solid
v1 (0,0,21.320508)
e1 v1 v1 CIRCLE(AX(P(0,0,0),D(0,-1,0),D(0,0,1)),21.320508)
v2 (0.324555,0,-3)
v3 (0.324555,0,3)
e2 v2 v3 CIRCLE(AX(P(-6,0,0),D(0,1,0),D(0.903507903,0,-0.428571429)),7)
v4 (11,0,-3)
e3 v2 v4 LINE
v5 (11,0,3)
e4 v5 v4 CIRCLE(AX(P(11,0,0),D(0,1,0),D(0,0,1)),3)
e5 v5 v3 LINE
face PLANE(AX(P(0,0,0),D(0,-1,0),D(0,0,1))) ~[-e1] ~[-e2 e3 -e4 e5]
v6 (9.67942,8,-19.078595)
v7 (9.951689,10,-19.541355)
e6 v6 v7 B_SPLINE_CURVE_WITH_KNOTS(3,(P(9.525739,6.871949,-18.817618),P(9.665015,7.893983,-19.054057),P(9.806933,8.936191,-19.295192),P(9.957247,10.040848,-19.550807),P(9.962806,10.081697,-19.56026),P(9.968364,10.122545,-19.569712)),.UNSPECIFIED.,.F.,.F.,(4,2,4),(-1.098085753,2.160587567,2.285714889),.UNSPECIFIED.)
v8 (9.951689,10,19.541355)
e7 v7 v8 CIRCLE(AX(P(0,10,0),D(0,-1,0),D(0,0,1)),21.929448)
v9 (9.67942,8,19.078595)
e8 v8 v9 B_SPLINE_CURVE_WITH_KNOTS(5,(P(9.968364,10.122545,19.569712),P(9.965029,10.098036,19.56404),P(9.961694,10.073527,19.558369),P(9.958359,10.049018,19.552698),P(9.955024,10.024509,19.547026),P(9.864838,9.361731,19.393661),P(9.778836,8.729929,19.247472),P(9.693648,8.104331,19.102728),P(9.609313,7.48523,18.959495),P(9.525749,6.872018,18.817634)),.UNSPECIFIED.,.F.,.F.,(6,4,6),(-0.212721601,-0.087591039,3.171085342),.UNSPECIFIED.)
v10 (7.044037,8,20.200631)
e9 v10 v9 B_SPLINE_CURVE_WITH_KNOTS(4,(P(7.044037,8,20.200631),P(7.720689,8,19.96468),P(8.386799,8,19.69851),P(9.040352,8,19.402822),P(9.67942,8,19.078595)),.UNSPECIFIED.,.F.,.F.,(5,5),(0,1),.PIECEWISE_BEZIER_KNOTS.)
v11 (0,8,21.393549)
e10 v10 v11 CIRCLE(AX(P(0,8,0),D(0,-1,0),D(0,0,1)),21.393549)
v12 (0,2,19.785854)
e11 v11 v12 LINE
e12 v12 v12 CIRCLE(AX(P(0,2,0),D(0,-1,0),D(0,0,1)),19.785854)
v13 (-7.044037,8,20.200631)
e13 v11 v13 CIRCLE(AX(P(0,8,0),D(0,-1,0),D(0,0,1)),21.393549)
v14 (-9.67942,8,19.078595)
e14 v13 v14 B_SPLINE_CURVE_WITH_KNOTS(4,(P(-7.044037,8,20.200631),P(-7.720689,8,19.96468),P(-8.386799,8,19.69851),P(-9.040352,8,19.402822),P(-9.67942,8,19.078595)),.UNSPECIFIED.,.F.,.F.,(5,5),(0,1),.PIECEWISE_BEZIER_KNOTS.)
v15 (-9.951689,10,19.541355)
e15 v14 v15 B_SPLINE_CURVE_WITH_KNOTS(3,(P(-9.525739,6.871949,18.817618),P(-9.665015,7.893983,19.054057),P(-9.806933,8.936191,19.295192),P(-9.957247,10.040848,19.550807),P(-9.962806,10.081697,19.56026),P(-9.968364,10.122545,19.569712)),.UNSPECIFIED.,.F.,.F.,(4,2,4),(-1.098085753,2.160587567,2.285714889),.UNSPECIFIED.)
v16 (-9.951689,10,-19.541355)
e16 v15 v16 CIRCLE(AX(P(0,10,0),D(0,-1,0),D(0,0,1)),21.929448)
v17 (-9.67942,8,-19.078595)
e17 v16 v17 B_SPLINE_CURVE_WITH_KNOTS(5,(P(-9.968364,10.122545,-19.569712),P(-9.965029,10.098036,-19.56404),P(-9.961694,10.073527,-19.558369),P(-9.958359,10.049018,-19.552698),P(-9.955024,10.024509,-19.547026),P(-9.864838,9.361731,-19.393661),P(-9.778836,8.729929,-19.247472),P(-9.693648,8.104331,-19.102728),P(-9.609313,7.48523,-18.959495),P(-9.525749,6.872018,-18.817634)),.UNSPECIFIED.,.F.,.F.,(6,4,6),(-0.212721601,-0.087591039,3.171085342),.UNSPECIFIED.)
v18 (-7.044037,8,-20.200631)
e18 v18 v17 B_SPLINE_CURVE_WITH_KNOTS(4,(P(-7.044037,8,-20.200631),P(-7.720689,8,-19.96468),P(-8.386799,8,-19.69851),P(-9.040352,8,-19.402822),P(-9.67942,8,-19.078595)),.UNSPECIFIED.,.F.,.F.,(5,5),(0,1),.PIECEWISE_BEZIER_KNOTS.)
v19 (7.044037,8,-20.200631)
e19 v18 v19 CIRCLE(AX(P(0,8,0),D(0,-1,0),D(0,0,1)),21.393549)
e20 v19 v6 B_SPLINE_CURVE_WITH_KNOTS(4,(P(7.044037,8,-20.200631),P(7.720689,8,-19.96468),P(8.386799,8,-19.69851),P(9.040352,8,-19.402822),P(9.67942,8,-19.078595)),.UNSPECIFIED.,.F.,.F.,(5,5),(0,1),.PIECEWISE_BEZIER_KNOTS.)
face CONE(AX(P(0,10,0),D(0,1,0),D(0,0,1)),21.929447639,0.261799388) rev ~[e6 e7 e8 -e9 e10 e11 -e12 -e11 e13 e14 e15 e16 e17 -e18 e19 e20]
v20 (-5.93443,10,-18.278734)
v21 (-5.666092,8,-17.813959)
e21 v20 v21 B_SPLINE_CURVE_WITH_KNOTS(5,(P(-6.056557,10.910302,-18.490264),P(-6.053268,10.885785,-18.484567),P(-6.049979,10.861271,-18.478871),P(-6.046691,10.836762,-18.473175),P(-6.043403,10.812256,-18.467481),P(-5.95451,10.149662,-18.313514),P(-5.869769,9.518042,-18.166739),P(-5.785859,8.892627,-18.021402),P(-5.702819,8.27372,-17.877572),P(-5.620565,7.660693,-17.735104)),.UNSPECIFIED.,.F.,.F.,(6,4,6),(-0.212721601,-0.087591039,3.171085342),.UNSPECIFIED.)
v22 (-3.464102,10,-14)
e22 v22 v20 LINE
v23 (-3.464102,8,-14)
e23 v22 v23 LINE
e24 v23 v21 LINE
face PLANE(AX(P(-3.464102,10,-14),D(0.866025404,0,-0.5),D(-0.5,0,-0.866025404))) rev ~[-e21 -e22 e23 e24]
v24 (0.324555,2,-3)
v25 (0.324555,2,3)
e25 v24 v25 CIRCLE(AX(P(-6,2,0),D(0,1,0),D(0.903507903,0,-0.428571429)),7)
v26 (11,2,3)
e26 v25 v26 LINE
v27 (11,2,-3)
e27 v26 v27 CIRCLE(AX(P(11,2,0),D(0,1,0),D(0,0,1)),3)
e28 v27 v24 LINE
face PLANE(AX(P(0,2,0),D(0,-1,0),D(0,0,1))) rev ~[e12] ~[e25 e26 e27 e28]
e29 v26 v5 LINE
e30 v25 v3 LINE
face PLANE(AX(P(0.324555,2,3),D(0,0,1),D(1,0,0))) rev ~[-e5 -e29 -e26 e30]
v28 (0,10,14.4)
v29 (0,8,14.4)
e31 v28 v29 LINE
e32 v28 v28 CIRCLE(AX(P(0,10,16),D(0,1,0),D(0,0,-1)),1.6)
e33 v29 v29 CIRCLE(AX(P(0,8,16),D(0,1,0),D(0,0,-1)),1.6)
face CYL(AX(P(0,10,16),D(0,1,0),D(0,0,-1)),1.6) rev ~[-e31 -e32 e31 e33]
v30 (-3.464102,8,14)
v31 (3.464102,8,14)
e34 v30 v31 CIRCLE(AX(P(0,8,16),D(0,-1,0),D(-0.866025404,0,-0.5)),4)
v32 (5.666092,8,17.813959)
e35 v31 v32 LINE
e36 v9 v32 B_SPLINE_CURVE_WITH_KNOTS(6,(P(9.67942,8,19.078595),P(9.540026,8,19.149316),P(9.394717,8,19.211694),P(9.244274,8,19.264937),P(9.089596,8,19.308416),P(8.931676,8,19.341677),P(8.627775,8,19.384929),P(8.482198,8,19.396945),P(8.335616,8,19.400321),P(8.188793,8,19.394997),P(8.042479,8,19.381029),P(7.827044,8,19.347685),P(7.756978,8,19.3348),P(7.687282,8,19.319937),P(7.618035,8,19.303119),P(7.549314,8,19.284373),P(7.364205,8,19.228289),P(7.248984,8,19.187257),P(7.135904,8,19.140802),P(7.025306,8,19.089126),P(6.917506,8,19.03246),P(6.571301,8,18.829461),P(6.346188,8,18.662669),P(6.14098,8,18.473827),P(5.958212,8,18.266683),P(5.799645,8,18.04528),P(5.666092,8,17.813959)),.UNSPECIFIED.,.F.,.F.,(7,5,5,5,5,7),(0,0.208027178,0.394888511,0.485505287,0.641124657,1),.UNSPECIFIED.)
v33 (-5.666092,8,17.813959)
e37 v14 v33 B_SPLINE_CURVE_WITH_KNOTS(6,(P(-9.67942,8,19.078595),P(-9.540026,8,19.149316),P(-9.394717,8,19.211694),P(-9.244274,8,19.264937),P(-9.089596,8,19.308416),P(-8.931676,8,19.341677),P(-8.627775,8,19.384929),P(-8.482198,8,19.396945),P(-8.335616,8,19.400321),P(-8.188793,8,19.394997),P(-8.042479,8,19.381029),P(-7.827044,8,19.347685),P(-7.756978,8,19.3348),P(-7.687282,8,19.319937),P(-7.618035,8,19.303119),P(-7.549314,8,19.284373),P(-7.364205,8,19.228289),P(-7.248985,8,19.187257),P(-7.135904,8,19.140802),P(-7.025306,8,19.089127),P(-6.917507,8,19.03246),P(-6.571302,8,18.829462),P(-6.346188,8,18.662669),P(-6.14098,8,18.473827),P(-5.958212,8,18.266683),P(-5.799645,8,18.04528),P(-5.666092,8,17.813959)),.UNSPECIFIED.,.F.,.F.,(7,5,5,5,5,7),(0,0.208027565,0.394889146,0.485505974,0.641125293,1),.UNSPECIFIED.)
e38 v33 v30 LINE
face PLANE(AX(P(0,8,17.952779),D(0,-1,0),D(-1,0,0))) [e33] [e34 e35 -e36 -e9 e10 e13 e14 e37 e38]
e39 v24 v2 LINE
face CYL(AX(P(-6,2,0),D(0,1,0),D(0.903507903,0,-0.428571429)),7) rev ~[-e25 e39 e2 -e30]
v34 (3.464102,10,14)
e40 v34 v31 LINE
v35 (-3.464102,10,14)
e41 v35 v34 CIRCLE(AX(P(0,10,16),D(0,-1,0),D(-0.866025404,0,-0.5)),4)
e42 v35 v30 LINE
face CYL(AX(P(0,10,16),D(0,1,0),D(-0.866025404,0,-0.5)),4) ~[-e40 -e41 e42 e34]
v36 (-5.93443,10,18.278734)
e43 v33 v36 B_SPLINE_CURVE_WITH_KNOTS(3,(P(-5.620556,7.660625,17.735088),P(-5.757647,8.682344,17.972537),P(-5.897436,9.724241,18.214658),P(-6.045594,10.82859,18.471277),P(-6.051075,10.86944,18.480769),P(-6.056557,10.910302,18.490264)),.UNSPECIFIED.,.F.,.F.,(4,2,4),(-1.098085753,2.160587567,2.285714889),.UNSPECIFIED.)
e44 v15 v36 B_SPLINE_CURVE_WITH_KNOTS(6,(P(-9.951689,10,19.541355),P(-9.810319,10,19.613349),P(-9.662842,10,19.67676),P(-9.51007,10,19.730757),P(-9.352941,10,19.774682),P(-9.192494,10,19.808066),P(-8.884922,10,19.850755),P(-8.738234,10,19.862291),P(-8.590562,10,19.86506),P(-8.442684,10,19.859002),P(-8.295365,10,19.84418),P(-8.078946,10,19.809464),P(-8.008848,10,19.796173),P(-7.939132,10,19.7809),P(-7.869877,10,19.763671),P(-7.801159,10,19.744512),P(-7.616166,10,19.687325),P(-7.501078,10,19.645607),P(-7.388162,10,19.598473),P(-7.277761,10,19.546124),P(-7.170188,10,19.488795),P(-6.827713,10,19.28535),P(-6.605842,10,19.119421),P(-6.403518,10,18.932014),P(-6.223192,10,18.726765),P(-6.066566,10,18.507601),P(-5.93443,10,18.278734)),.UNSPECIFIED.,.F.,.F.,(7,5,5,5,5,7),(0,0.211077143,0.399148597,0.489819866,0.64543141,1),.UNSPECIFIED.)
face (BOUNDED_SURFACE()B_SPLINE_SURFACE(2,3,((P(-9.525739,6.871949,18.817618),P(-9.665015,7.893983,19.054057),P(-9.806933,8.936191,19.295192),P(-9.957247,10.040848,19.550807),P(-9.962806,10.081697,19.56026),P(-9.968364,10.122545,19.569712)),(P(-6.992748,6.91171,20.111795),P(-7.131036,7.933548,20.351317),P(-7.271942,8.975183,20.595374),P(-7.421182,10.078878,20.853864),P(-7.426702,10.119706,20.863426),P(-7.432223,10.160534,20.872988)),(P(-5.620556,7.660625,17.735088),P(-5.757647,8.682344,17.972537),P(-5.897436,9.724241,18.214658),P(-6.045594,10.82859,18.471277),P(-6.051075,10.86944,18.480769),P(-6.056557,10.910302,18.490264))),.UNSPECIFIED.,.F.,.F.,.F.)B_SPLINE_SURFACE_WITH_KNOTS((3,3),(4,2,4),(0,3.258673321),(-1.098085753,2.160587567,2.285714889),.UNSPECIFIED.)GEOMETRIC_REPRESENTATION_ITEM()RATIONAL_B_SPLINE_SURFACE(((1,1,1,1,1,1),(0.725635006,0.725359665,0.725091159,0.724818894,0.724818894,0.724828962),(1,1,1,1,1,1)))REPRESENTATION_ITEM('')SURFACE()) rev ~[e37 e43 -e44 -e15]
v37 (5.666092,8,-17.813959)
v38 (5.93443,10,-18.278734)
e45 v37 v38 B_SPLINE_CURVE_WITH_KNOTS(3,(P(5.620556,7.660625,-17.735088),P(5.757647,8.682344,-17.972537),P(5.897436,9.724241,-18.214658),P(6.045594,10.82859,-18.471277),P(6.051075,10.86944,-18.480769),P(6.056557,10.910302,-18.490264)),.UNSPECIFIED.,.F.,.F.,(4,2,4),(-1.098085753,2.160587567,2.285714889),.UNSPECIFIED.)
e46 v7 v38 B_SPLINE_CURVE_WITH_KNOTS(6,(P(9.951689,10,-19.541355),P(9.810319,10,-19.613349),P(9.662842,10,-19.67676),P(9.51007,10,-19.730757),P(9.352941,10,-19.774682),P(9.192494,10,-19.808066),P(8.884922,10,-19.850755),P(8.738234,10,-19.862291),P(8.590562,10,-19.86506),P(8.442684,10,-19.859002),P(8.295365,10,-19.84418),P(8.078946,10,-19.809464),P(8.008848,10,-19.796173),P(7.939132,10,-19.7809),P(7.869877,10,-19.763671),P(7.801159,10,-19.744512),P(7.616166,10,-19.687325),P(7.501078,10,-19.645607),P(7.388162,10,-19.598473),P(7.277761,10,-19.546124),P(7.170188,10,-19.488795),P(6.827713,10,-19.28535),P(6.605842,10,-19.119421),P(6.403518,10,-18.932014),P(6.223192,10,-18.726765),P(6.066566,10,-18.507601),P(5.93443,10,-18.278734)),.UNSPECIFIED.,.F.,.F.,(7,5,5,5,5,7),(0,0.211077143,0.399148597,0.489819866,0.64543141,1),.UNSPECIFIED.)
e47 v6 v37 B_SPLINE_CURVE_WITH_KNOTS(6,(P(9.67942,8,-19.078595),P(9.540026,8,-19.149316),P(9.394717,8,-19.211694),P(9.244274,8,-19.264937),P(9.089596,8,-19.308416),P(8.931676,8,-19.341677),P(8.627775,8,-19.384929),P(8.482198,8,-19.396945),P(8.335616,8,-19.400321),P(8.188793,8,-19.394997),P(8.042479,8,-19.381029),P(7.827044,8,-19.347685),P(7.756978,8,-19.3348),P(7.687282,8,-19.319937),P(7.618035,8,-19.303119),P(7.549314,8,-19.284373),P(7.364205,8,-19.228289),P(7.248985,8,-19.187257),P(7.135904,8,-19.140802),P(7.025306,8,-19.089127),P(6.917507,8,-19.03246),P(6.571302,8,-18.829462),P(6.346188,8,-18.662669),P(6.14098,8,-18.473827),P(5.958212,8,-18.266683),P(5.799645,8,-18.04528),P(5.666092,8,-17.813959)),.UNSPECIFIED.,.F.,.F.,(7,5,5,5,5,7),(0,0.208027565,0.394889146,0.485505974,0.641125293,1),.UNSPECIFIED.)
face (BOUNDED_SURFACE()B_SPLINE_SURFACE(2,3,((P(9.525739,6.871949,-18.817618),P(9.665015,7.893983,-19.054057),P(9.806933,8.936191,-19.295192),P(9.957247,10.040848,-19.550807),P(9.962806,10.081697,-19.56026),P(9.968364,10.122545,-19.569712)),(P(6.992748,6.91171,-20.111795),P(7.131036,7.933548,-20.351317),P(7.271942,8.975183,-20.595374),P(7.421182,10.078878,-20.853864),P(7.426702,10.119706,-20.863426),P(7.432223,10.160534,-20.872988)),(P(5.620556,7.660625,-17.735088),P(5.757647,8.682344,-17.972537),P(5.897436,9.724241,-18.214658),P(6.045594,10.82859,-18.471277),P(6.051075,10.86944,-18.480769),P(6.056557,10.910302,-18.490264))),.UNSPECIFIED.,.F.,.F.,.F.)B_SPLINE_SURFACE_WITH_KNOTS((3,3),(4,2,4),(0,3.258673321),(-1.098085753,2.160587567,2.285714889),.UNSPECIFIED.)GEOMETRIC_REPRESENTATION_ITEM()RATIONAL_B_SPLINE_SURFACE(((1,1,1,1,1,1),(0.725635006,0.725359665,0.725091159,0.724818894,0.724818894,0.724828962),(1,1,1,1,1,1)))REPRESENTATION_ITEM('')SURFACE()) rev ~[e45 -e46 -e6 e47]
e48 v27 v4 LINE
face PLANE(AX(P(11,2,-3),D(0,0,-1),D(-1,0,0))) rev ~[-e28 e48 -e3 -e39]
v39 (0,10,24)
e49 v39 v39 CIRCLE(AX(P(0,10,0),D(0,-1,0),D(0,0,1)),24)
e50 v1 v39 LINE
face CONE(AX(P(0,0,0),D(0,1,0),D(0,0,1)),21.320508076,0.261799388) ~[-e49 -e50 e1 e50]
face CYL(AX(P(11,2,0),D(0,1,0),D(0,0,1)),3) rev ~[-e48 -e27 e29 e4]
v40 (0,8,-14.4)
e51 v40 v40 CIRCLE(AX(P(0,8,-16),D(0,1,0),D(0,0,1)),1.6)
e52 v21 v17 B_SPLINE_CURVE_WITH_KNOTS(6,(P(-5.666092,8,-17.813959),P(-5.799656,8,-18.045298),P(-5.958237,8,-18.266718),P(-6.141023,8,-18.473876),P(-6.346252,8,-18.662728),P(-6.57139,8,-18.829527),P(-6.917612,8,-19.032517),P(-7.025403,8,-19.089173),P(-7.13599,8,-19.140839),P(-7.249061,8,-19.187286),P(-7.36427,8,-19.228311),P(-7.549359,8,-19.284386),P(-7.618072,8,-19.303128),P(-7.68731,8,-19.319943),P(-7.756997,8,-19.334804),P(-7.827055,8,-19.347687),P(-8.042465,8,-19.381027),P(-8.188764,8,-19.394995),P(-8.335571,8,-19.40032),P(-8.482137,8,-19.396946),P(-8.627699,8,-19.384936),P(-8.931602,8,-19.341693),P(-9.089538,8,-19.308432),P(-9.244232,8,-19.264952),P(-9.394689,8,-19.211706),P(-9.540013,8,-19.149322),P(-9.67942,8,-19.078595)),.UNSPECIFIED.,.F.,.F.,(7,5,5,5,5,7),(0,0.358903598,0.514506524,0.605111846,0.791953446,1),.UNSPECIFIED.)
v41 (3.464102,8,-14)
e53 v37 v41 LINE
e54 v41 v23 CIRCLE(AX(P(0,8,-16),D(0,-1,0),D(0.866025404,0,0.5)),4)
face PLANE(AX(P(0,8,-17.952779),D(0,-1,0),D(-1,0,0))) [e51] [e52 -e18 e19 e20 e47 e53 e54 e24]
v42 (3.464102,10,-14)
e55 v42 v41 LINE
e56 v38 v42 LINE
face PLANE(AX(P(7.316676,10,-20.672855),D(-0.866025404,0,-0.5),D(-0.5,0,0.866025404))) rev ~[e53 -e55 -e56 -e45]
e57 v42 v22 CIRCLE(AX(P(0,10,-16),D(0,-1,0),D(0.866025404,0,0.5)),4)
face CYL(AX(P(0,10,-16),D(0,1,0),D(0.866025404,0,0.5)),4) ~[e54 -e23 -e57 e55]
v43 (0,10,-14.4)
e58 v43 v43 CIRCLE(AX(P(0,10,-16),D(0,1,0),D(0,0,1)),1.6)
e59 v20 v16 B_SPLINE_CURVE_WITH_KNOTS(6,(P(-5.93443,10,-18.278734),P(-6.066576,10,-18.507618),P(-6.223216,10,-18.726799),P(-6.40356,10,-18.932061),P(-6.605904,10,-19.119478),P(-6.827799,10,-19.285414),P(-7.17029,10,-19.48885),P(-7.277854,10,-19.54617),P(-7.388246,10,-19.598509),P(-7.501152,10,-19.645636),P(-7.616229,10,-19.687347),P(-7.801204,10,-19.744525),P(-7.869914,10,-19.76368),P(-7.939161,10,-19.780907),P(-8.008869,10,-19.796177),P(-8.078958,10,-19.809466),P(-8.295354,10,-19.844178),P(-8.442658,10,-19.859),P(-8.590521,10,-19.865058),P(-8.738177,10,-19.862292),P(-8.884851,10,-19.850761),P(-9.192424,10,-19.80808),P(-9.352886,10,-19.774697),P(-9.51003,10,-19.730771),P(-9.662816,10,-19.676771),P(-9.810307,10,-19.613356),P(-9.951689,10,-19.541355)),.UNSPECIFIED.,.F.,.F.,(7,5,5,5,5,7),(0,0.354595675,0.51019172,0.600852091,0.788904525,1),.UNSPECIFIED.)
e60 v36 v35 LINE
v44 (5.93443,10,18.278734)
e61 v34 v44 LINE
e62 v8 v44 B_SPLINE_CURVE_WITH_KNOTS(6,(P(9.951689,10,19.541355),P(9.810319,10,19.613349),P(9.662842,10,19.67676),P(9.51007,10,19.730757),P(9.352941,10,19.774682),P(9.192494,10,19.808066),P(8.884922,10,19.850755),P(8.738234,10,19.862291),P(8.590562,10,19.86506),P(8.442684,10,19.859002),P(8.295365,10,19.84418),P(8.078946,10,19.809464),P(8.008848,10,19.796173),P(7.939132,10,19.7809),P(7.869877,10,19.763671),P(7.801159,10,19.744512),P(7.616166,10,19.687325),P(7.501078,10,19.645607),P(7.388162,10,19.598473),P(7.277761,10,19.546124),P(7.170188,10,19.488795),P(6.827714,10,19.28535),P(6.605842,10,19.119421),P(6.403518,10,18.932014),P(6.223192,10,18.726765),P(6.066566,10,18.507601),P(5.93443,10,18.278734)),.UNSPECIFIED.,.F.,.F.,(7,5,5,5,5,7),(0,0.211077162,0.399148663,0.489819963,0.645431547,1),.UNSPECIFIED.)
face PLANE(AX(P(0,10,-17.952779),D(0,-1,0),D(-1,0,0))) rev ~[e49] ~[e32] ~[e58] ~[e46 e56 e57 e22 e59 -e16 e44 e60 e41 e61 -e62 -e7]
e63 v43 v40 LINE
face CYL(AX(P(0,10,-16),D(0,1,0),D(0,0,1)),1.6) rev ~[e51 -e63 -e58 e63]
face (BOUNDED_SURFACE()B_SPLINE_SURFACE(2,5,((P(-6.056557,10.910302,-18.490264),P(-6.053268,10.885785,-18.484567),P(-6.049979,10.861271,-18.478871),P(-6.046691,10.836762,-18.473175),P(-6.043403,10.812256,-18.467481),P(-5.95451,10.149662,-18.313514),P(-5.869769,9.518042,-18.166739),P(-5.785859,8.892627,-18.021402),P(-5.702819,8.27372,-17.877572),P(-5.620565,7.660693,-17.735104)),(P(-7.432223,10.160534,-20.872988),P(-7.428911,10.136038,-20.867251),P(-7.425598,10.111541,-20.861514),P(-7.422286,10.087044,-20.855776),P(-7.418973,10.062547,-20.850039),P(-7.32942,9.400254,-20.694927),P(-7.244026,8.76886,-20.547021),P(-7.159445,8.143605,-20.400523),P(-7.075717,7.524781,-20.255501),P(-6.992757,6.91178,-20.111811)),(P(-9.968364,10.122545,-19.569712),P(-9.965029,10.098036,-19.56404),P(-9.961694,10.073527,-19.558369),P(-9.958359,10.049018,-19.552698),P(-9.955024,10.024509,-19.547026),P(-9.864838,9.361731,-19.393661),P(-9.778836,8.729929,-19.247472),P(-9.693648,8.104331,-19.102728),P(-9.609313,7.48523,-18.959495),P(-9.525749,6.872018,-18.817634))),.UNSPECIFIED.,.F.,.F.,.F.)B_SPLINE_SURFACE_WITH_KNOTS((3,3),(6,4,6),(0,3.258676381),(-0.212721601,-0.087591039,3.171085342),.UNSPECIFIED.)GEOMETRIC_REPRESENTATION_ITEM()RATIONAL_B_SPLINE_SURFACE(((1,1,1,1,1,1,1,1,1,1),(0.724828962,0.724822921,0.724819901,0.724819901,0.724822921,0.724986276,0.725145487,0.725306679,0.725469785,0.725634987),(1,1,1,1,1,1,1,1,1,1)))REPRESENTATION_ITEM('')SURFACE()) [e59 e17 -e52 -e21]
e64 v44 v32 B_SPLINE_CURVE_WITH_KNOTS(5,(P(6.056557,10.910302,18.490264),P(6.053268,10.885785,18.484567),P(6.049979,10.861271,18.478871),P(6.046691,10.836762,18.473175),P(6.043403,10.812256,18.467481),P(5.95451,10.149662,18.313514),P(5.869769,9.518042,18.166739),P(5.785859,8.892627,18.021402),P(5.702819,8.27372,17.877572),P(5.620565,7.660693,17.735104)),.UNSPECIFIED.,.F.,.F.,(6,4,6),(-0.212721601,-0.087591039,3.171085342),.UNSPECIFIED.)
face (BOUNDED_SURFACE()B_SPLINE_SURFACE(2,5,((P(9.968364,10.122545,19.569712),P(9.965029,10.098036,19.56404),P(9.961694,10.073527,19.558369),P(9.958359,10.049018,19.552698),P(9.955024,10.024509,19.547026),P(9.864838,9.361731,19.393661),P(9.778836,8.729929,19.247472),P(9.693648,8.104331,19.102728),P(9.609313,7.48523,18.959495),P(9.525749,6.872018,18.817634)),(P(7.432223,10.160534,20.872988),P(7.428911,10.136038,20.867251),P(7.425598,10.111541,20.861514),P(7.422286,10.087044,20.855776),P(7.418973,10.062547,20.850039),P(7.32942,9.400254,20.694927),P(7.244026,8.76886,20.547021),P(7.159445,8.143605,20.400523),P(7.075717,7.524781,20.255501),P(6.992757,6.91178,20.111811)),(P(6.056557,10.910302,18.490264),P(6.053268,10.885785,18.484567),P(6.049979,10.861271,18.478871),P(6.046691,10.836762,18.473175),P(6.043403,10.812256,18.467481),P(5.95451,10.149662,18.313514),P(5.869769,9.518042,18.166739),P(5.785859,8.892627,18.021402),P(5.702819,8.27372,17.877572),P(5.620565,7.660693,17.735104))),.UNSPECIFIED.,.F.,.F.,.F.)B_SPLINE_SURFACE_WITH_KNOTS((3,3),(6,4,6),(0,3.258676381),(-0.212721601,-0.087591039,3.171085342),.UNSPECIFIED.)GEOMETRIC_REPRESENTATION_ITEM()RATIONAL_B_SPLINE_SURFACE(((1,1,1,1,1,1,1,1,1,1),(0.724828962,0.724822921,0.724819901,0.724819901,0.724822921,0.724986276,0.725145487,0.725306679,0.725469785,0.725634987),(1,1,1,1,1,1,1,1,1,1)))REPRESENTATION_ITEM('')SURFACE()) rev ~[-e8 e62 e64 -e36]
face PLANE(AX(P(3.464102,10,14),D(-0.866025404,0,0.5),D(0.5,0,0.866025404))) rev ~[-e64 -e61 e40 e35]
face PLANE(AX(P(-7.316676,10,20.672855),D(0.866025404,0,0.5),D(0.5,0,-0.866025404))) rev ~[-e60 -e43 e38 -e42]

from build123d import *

# Parameters (mm, degrees)
CUT_EXTRUDE_1_REACH = 36.871
SKETCH_3_R          = 1.6
EXTRUDE_1_DEPTH     = 2
FILLET_1_R          = 3


with BuildPart() as part:
    # 草图1 → 旋转1 (revolve)
    with BuildSketch(Plane.XY, mode=Mode.PRIVATE) as revolve_1_sk:
        Polygon((0, 0), (21.320508076, 0), (24, 10), (21.929447639, 10), (19.7858541, 2), (0, 2), align=None)
    revolve(revolve_1_sk.sketch.rotate(Axis((0, 25.167510642, 0), (0, -1, 0)), 90), axis=Axis((0, 25.167510642, 0), (0, -1, 0)))

    # 草图2 → 切除-拉伸1 (cut, up to next)
    with BuildSketch(Plane(origin=(0, 2, 0), x_dir=(1, 0, 0), z_dir=(0, 1, 0)), mode=Mode.PRIVATE) as cut_extrude_1_sk1:
        with BuildLine():
            Line((11, 3), (0.32455532, 3))
            ThreePointArc((0.32455532, 3), (-13, 0), (0.32455532, -3))
            Line((0.32455532, -3), (11, -3))
            ThreePointArc((11, -3), (14, 0), (11, 3))
        make_face()
    cut_extrude_1_tool1 = extrude(cut_extrude_1_sk1.sketch, amount=-CUT_EXTRUDE_1_REACH, mode=Mode.PRIVATE) & part.part
    add(cut_extrude_1_tool1.solids().sort_by_distance((-1.696004, 2, 0))[0], mode=Mode.SUBTRACT)

    # 草图3 → 凸台-拉伸1 (add)
    # profile 1 of 2: a face of its own
    with BuildSketch(Plane(origin=(0, 10, 0), x_dir=(1, 0, 0), z_dir=(0, 1, 0))):
        with BuildLine():
            Line((-3.464101615, 14), (-7.316676114, 20.672854772))
            ThreePointArc((-7.316676114, 20.672854772), (0, 21.929447639), (7.316676114, 20.672854772))
            Line((7.316676114, 20.672854772), (3.464101615, 14))
            ThreePointArc((3.464101615, 14), (0, 12), (-3.464101615, 14))
        make_face()
        with Locations(Location((0, 16, 0), (0, 0, 270))):
            Circle(SKETCH_3_R, mode=Mode.SUBTRACT)
    # profile 2 of 2: a face of its own
    with BuildSketch(Plane(origin=(0, 10, 0), x_dir=(1, 0, 0), z_dir=(0, 1, 0))):
        with BuildLine():
            Line((3.464101615, -14), (7.316676114, -20.672854772))
            ThreePointArc((7.316676114, -20.672854772), (0, -21.929447639), (-7.316676114, -20.672854772))
            Line((-7.316676114, -20.672854772), (-3.464101615, -14))
            ThreePointArc((-3.464101615, -14), (0, -12), (3.464101615, -14))
        make_face()
        with Locations(Location((0, -16, 0), (0, 0, 90))):
            Circle(SKETCH_3_R, mode=Mode.SUBTRACT)
    extrude(amount=-EXTRUDE_1_DEPTH)

    # 圆角1
    fillet_1_edges = [part.edges().sort_by_distance(p)[0] for p in [
        (-7.180384511, 8.99998489, -20.436790791),
        (7.180384511, 8.99998489, -20.436790791),
        (-7.180384511, 8.99998489, 20.436790791),
        (7.180384511, 8.99998489, 20.436790791),
    ]]
    fillet(fillet_1_edges, radius=FILLET_1_R)


solid = part.part
